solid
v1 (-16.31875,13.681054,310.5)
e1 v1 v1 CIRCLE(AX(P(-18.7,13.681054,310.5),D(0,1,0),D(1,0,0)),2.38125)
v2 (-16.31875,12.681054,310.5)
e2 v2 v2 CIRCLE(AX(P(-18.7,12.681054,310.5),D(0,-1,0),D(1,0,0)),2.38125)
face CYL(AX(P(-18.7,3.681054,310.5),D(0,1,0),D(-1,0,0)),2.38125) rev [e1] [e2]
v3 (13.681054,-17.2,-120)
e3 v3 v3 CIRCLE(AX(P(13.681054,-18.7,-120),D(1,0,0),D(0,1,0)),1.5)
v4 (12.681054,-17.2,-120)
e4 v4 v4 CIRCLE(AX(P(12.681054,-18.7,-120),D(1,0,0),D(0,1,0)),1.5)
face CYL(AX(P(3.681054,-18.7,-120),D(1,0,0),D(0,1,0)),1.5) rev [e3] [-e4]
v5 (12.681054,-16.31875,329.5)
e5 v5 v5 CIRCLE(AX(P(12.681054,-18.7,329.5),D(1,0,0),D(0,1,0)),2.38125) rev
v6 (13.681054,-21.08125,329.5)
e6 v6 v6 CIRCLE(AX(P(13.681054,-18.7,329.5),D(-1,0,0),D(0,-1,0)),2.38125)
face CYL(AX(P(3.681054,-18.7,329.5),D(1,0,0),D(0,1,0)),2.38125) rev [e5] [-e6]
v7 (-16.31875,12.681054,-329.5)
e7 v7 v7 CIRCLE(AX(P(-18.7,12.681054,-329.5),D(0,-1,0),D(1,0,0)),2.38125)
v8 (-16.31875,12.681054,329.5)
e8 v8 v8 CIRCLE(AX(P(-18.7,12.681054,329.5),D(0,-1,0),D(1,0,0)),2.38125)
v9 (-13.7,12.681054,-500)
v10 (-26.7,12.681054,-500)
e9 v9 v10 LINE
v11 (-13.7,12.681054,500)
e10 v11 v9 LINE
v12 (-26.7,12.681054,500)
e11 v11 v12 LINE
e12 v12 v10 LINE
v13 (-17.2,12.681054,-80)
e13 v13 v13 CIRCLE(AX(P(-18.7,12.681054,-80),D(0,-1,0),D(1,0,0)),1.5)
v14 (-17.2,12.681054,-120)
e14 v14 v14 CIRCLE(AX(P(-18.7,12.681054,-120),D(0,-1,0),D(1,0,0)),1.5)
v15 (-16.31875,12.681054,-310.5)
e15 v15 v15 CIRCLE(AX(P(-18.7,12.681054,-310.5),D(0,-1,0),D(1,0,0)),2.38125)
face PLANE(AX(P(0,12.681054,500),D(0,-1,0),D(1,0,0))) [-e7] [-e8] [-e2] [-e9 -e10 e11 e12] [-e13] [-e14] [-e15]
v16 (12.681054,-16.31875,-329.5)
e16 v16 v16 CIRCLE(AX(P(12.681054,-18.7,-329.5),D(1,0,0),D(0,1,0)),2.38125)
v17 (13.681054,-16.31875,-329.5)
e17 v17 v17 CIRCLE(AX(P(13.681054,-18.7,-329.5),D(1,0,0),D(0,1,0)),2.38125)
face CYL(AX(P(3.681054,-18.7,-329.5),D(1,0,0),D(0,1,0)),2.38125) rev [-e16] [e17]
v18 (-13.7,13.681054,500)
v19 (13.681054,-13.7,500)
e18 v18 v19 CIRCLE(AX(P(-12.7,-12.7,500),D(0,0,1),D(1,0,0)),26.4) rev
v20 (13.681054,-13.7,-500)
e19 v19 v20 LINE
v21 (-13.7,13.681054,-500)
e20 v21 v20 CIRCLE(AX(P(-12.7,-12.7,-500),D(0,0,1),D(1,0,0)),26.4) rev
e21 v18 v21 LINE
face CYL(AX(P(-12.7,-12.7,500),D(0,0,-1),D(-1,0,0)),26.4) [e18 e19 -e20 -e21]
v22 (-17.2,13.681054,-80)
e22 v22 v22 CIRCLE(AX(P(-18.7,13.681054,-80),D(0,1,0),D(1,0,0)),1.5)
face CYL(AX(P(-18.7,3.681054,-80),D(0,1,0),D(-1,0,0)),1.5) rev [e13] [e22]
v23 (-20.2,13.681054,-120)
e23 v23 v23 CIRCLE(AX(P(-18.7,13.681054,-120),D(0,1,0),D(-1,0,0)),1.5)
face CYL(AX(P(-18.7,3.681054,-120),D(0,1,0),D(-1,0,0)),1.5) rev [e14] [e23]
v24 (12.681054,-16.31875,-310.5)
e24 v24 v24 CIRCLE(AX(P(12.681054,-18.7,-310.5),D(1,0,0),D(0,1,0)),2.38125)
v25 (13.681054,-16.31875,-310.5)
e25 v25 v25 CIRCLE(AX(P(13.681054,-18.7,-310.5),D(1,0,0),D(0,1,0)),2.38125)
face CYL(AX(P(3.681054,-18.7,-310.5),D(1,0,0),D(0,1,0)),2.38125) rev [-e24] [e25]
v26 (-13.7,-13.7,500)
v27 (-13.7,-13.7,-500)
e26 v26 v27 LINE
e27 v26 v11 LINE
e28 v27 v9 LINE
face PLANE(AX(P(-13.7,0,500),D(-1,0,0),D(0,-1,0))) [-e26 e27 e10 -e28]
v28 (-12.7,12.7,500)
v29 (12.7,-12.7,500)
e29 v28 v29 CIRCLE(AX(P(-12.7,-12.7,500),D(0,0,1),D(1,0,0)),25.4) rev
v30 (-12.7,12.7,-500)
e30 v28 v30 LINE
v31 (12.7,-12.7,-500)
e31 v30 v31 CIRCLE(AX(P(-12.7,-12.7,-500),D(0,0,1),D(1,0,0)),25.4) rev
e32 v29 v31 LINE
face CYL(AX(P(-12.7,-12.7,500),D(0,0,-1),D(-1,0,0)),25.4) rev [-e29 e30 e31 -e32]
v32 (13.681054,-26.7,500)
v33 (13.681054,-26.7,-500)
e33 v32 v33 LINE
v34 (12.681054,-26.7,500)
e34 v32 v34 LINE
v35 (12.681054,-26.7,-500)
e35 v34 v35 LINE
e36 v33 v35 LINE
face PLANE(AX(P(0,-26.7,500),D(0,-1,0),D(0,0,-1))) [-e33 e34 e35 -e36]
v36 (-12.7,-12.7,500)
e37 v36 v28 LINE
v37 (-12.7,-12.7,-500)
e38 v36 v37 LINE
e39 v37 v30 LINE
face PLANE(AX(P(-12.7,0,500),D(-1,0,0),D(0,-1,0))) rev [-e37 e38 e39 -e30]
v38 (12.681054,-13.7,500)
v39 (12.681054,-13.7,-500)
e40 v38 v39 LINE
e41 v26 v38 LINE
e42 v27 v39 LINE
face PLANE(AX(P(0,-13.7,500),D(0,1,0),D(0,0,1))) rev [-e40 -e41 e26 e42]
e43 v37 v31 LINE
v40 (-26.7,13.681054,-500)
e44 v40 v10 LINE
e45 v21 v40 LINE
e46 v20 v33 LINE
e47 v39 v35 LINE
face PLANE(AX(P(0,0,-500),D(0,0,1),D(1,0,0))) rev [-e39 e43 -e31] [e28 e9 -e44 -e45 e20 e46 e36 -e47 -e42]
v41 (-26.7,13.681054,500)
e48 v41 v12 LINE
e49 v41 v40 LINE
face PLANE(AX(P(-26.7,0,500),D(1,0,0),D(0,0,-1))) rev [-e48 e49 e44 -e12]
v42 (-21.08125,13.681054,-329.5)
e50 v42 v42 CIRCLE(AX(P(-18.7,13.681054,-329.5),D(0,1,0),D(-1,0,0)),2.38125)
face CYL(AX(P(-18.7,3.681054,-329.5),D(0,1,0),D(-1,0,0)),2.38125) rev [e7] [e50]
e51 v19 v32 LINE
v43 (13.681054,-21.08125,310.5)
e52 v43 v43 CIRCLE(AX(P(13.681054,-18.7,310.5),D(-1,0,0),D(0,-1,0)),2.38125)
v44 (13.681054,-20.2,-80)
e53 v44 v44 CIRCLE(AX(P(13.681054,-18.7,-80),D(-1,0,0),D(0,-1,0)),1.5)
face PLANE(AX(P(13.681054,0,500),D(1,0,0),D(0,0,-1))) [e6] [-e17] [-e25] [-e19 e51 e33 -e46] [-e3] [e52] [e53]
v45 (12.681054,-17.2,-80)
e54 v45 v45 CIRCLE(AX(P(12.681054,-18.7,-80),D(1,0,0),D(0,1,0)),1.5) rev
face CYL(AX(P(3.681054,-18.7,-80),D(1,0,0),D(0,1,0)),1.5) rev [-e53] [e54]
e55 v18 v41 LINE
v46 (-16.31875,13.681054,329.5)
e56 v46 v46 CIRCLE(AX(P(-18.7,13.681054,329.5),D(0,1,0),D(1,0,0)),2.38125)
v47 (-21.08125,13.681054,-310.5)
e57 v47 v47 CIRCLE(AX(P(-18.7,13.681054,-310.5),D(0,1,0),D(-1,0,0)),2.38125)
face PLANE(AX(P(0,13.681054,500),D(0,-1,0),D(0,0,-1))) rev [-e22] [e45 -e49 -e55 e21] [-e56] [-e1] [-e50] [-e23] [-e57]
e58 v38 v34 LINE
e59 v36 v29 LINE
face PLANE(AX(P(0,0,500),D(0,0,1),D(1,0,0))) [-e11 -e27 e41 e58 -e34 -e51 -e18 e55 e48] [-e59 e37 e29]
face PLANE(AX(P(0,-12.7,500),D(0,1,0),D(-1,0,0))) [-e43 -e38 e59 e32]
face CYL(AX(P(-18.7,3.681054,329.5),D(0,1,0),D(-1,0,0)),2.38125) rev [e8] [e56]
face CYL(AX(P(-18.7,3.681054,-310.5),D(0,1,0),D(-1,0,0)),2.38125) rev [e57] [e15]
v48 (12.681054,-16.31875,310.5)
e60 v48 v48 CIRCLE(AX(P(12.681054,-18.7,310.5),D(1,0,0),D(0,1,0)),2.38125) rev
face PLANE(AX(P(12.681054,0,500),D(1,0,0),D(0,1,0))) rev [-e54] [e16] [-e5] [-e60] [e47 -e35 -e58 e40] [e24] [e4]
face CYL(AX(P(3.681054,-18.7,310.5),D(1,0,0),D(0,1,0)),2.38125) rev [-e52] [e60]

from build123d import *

# Parameters (mm, degrees)
CROQUIS1_W              = 13
CROQUIS1_H              = 1
CROQUIS1_W_2            = 1
CROQUIS1_H_2            = 13
SALIENTE_EXTRUIR1_DEPTH = 500
CROQUIS2_R              = 2.38125
CROQUIS2_R_2            = 1.5
CORTAR_EXTRUIR1_DEPTH   = 10
CROQUIS3_R              = 2.38125
CROQUIS3_R_2            = 1.5
CORTAR_EXTRUIR2_DEPTH   = 10


with BuildPart() as part:
    # Croquis1 → Saliente-Extruir1 (new body, symmetric)
    with BuildSketch(Plane.XY):
        with BuildLine():
            ThreePointArc((-13.7, 13.681053808), (5.967619023, 5.967619023), (13.681053808, -13.7))
            Line((13.681053808, -13.7), (-13.7, -13.7))
            Line((-13.7, -13.7), (-13.7, 13.681053808))
        make_face()
        with BuildLine():
            Line((-12.7, -12.7), (-12.7, 12.7))
            ThreePointArc((-12.7, 12.7), (5.260512242, 5.260512242), (12.7, -12.7))
            Line((12.7, -12.7), (-12.7, -12.7))
        make_face(mode=Mode.SUBTRACT)
        with Locations((-20.2, 13.181053808)):
            Rectangle(CROQUIS1_W, CROQUIS1_H)
        with Locations((13.181053808, -20.2)):
            Rectangle(CROQUIS1_W_2, CROQUIS1_H_2)
    extrude(amount=SALIENTE_EXTRUIR1_DEPTH, both=True)

    # Croquis2 → Cortar-Extruir1 (cut)
    with BuildSketch(Plane(origin=(13.681053808, 0, 0), x_dir=(0, 0, -1), z_dir=(1, 0, 0))):
        with Locations((310.5, -18.7)):
            Circle(CROQUIS2_R)
        with Locations((329.5, -18.7)):
            Circle(CROQUIS2_R)
        with Locations((-329.5, -18.7)):
            Circle(CROQUIS2_R)
        with Locations((-310.5, -18.7)):
            Circle(CROQUIS2_R)
        with Locations((120, -18.7)):
            Circle(CROQUIS2_R_2)
        with Locations((80, -18.7)):
            Circle(CROQUIS2_R_2)
    extrude(amount=-CORTAR_EXTRUIR1_DEPTH, mode=Mode.SUBTRACT)

    # Croquis3 → Cortar-Extruir2 (cut)
    with BuildSketch(Plane(origin=(0, 13.681053808, 0), x_dir=(1, 0, 0), z_dir=(0, 1, 0))):
        with Locations((-18.7, 329.5)):
            Circle(CROQUIS3_R)
        with Locations((-18.7, 310.5)):
            Circle(CROQUIS3_R)
        with Locations((-18.7, -310.5)):
            Circle(CROQUIS3_R)
        with Locations((-18.7, -329.5)):
            Circle(CROQUIS3_R)
        with Locations((-18.7, 120)):
            Circle(CROQUIS3_R_2)
        with Locations((-18.7, 80)):
            Circle(CROQUIS3_R_2)
    extrude(amount=-CORTAR_EXTRUIR2_DEPTH, mode=Mode.SUBTRACT)


solid = part.part
